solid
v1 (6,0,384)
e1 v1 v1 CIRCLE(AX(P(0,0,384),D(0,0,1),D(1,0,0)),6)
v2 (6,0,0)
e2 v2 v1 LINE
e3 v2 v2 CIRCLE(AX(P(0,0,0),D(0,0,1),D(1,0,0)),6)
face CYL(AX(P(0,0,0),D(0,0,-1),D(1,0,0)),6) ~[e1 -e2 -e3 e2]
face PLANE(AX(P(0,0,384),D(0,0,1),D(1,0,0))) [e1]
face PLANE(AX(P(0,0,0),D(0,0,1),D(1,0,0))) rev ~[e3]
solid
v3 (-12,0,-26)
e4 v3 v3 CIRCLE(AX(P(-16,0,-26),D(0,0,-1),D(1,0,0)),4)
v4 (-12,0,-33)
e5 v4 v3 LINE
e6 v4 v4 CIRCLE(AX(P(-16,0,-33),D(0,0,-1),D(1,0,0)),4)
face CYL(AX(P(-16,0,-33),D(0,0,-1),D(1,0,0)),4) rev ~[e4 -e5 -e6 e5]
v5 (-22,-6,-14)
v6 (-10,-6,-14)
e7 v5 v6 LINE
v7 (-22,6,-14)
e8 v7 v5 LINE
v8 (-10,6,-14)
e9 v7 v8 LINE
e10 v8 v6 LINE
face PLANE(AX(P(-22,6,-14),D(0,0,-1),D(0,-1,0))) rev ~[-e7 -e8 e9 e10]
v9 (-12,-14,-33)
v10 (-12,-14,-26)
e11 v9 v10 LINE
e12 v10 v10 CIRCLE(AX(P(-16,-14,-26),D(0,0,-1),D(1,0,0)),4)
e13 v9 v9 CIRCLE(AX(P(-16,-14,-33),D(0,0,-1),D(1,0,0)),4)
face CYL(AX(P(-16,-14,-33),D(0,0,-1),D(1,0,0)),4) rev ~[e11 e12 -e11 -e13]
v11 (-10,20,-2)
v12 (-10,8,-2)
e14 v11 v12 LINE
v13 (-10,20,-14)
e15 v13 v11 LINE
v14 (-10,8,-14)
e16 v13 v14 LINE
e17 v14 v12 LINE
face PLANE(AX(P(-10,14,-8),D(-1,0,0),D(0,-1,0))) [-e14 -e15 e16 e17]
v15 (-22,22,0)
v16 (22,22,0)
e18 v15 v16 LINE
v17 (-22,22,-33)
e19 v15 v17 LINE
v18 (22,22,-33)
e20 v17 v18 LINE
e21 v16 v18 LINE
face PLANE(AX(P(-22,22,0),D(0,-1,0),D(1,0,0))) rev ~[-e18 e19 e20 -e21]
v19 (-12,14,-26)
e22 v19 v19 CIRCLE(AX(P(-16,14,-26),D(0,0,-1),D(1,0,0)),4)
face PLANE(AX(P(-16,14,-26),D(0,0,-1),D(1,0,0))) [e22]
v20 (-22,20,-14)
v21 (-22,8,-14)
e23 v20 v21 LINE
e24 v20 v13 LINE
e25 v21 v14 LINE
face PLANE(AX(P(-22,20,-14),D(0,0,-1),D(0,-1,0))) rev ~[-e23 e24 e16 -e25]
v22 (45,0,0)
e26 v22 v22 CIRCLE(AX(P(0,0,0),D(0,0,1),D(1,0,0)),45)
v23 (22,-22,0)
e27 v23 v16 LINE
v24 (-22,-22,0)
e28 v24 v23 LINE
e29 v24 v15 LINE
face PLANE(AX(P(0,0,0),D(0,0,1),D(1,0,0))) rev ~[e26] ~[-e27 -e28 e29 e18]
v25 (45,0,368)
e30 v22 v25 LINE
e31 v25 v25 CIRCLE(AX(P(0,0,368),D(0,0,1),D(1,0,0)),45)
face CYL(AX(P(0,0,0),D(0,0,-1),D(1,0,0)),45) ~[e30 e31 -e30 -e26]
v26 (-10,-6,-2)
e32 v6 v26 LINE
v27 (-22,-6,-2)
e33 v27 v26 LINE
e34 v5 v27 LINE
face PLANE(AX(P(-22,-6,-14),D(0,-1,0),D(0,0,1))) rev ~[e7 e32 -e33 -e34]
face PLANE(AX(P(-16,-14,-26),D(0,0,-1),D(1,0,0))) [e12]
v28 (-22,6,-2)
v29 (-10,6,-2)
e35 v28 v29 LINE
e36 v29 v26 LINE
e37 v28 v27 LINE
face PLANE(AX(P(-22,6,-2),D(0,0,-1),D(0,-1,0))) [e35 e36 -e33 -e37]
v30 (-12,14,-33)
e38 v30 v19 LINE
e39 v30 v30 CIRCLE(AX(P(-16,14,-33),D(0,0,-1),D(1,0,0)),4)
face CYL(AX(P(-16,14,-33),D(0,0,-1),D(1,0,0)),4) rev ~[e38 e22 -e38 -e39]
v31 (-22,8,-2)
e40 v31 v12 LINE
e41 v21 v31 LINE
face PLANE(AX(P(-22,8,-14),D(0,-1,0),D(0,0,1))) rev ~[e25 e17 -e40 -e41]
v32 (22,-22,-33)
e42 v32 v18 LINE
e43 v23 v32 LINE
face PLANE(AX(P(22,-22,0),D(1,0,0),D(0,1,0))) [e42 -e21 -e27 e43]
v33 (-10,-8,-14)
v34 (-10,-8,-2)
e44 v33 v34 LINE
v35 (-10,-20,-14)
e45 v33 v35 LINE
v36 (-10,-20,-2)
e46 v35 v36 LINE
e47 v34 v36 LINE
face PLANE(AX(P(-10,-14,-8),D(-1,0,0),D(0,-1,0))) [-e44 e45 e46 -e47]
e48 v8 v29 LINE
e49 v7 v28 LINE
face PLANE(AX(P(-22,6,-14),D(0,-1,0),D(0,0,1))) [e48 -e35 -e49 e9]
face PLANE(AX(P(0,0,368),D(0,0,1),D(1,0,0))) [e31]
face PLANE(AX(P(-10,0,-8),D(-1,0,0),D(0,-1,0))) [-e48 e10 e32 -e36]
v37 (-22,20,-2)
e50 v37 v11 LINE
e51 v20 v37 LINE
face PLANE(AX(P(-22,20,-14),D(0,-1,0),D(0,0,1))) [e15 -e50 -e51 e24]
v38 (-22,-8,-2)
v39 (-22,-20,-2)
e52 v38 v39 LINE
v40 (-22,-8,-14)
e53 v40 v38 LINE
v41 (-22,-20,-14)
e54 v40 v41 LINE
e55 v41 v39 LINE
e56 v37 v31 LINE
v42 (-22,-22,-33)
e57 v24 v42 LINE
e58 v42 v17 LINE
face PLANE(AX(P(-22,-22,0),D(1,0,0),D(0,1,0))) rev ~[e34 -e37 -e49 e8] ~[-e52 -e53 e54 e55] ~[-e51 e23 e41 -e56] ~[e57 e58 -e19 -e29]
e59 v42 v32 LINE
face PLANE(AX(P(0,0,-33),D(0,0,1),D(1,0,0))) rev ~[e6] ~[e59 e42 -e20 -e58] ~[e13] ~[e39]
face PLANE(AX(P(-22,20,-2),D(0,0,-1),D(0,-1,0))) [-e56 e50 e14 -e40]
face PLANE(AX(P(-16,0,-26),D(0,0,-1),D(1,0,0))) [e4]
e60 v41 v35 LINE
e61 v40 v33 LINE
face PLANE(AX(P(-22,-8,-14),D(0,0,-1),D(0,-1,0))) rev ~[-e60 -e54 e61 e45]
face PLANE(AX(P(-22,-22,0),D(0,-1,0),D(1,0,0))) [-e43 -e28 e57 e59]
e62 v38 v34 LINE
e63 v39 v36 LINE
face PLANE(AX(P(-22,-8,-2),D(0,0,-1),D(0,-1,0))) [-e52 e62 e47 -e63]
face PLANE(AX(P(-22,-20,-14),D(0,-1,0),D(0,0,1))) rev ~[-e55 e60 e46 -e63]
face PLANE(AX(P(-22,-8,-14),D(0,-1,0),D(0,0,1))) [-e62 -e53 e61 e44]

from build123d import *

# Parameters (mm, degrees)
F0_R     = 45
F0_W     = 44
F0_H     = 44
F0_R_2   = 6
F1_DEPTH = 368
F2_DEPTH = 33
F3_DEPTH = 384
F4_W     = 12
F4_H     = 12
F5_DEPTH = 12
F6_R     = 4
F7_DEPTH = 7


with BuildPart() as f1:
    # F0 (on Top) → F1 (new body)
    with BuildSketch(Plane.XY):
        Circle(F0_R)
        Rectangle(F0_W, F0_H, mode=Mode.SUBTRACT)
        Rectangle(F0_W, F0_H)
        Circle(F0_R_2, mode=Mode.SUBTRACT)
        Circle(F0_R_2)
    extrude(amount=F1_DEPTH)

    # F0 (on Top) → F2 (join)
    with BuildSketch(Plane.XY):
        Rectangle(F0_W, F0_H)
        Circle(F0_R_2, mode=Mode.SUBTRACT)
        Circle(F0_R_2)
    extrude(amount=-F2_DEPTH)

    # F4 (on face) → F5 (cut)
    with BuildSketch(Plane(origin=(-22, 0, 0), x_dir=(0, -1, 0), z_dir=(-1, 0, 0))):
        with Locations((14, -8)):
            Rectangle(F4_W, F4_H)
        with Locations((0, -8)):
            Rectangle(F4_W, F4_H)
        with Locations((-14, -8)):
            Rectangle(F4_W, F4_H)
    extrude(amount=-F5_DEPTH, mode=Mode.SUBTRACT)

    # F6 (on face) → F7 (cut)
    with BuildSketch(Plane(origin=(0, 0, -33), x_dir=(1, 0, 0), z_dir=(0, 0, -1))):
        with Locations((-16, 14)):
            Circle(F6_R)
        with Locations((-16, 0)):
            Circle(F6_R)
        with Locations((-16, -14)):
            Circle(F6_R)
    extrude(amount=-F7_DEPTH, mode=Mode.SUBTRACT)


with BuildPart() as f3:
    # F0 (on Top) → F3 (new body)
    with BuildSketch(Plane.XY):
        Circle(F0_R_2)
    extrude(amount=F3_DEPTH)


solid = Compound([f1.part, f3.part])
